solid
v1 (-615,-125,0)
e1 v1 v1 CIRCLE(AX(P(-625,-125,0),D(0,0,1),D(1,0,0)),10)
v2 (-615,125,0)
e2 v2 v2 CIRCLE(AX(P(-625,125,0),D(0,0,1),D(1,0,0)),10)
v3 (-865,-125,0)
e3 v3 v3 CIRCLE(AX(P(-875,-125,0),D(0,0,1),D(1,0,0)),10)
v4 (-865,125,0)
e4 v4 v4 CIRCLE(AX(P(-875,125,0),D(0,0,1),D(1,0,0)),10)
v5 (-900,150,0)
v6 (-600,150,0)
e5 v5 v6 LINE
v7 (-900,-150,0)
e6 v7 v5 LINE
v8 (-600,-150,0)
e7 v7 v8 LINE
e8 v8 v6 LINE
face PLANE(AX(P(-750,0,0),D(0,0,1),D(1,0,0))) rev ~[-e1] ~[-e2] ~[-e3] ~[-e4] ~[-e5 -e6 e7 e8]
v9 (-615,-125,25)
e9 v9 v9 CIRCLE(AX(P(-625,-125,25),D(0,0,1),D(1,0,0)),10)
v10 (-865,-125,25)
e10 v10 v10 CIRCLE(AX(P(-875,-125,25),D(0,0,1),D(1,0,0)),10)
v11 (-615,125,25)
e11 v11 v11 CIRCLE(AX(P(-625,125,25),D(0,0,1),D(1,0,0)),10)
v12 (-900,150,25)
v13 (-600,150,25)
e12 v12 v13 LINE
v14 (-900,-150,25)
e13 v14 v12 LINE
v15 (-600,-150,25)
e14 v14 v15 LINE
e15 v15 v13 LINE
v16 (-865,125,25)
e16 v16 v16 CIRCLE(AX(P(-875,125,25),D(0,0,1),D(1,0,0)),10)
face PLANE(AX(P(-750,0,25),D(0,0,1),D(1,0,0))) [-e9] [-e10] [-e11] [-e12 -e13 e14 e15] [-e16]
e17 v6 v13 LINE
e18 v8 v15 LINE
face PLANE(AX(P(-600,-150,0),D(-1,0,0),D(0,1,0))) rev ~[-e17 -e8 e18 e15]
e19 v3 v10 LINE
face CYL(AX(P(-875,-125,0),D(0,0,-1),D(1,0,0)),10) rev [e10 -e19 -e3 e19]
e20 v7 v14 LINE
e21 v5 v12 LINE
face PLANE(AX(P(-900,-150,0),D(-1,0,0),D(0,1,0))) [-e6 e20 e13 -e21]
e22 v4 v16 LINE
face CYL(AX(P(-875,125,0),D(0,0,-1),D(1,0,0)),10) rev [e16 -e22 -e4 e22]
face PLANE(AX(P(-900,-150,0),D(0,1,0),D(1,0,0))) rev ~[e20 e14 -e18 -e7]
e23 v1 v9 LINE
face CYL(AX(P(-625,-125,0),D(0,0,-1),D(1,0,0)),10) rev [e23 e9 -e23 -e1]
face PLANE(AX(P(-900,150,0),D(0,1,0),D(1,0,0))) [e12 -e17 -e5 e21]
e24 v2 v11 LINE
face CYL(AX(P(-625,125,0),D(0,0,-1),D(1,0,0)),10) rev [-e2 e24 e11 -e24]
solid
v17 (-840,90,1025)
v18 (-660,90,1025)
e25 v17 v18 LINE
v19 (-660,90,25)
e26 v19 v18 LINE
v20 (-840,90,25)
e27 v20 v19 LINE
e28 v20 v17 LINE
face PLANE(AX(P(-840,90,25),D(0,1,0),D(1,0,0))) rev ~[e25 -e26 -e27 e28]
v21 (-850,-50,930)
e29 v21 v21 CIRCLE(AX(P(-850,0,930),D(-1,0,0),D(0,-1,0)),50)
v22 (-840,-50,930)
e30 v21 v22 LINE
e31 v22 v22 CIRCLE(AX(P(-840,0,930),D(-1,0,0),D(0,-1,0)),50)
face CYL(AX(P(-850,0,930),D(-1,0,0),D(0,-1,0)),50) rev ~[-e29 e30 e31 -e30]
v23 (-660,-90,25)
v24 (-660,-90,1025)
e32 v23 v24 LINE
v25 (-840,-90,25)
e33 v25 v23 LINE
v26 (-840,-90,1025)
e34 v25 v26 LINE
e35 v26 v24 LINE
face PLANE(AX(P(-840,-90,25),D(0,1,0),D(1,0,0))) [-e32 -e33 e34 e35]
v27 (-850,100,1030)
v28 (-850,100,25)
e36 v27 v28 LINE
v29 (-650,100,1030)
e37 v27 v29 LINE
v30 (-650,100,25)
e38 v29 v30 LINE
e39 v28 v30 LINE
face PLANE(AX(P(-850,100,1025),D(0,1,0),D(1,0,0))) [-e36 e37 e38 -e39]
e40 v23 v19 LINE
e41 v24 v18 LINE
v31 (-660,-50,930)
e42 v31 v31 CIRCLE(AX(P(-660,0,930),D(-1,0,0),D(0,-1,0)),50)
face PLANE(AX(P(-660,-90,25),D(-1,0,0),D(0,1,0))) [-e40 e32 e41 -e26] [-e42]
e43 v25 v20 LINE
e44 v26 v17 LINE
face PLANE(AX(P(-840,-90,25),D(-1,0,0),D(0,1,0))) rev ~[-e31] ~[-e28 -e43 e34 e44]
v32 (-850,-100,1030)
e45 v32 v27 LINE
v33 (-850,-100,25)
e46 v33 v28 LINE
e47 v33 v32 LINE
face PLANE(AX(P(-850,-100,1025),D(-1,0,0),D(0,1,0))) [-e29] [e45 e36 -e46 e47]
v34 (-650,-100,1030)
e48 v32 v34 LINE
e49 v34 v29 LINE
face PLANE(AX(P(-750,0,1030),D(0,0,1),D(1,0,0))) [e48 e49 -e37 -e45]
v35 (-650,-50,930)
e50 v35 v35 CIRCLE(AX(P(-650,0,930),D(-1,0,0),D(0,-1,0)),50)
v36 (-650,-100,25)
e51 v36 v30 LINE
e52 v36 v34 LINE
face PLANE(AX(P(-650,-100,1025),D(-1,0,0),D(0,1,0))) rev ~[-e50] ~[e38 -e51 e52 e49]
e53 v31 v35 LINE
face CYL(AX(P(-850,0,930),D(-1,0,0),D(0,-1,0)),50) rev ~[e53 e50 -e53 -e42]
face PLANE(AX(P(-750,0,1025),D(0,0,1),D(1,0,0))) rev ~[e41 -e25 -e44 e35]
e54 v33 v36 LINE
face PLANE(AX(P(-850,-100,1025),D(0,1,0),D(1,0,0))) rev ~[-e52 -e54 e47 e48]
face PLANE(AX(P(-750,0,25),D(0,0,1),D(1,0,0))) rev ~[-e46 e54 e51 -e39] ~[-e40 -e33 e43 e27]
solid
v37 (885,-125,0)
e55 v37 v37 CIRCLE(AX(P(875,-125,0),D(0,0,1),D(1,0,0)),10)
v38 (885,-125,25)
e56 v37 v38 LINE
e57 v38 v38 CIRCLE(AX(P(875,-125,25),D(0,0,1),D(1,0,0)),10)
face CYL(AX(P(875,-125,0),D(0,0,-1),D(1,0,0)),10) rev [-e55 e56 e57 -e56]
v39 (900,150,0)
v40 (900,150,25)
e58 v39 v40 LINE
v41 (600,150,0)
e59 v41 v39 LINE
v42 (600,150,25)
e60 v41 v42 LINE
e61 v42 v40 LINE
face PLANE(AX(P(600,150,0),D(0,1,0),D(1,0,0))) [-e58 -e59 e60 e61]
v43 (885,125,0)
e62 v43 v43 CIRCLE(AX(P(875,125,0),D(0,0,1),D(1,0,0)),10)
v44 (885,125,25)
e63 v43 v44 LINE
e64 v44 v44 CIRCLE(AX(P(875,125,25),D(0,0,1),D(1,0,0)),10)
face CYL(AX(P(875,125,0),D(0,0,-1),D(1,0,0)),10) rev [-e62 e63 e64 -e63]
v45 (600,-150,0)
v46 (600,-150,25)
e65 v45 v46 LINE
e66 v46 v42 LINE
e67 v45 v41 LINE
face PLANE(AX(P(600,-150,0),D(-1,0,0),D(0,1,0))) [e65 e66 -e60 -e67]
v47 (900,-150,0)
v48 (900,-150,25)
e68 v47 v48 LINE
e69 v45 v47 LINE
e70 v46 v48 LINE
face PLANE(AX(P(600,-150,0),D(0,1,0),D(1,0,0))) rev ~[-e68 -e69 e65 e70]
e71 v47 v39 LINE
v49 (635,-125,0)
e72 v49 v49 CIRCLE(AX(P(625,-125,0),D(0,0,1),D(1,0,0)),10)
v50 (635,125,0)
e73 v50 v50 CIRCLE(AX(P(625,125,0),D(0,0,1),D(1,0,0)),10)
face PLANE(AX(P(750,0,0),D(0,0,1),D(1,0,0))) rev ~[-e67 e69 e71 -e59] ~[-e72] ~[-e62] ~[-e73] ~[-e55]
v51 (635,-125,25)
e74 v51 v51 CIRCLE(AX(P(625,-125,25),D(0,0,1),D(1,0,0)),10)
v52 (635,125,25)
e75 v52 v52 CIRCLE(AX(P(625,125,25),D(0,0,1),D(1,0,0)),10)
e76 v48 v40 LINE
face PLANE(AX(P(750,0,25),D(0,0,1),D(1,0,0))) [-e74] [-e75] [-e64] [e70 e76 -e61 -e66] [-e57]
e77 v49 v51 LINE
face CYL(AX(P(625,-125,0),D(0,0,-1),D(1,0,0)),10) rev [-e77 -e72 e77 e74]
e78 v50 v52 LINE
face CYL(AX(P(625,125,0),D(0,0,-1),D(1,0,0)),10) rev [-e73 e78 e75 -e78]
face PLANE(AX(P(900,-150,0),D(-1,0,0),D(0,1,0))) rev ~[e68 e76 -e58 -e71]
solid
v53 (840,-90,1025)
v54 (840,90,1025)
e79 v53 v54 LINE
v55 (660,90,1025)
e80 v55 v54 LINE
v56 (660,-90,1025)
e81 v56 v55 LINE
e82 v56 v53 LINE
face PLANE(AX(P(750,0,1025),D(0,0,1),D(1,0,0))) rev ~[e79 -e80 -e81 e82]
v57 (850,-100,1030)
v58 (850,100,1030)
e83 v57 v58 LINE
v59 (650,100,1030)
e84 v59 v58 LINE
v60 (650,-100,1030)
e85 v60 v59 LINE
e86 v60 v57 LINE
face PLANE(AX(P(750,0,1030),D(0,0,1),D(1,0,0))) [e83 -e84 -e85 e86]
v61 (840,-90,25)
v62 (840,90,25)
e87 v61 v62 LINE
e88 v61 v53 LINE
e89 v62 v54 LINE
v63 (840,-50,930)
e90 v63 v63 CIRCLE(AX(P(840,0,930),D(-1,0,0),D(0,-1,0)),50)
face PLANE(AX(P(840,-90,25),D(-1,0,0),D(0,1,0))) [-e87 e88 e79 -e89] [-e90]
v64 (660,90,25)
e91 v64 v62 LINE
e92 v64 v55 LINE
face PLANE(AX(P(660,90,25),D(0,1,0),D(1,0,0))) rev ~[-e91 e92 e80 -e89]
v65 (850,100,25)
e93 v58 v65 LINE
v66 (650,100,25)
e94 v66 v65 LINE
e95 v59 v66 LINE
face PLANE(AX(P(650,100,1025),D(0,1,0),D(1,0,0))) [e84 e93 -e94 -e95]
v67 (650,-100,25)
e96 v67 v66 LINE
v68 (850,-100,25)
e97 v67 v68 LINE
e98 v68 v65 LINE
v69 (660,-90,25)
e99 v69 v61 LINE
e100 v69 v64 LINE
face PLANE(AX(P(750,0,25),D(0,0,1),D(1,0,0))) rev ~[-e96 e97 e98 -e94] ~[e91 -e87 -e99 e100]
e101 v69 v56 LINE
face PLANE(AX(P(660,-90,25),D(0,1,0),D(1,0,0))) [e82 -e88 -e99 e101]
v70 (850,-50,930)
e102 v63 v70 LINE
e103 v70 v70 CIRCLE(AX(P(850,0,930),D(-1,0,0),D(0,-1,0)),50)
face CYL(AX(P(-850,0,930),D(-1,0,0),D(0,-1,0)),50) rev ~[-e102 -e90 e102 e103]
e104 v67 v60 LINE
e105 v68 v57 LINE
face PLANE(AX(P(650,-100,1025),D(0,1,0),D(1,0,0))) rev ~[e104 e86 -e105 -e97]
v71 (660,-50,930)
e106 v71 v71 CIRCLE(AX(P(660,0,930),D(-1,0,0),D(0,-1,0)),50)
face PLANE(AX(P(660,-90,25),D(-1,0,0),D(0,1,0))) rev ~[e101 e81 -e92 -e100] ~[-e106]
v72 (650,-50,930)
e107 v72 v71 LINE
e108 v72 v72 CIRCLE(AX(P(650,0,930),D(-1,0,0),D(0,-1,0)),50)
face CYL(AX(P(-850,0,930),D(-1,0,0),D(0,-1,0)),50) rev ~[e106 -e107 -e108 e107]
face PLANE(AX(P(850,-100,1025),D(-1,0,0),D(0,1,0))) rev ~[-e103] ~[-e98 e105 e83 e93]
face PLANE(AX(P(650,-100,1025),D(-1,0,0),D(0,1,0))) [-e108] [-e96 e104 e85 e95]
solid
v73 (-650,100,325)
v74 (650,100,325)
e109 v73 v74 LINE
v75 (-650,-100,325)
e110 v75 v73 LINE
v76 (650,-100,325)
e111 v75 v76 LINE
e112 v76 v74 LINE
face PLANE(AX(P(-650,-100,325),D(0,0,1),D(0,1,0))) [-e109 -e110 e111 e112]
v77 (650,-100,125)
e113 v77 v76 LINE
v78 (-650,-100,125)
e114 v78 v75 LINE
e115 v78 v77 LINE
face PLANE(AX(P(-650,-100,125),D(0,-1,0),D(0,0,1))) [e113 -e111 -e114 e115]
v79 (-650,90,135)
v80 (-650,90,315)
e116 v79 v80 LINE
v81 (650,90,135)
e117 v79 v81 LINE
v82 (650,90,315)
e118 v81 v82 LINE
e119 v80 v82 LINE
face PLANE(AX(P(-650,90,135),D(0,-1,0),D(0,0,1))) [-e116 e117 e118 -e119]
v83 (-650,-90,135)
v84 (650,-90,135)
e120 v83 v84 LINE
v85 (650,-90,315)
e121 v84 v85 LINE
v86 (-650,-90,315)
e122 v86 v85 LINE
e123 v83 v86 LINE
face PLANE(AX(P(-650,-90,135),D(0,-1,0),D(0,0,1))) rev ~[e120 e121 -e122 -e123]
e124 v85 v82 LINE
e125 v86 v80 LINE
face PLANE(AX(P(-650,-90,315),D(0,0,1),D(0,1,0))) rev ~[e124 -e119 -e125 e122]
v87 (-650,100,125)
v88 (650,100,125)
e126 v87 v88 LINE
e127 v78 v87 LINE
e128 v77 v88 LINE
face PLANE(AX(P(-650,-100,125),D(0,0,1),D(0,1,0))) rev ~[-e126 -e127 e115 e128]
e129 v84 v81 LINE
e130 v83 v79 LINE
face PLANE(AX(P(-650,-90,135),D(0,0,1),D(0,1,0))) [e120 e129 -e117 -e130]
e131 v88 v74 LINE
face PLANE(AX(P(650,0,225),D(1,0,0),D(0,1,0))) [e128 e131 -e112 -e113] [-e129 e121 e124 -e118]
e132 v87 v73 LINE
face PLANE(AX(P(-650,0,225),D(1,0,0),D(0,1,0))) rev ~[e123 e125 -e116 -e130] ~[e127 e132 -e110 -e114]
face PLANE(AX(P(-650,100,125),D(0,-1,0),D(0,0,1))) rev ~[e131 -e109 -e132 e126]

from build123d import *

# Parameters (mm, degrees)
F0_W      = 300
F0_H      = 300
F0_R      = 10
F1_DEPTH  = 25
F2_W      = 200
F2_H      = 200
F2_W_2    = 180
F2_H_2    = 180
F3_DEPTH  = 1000
F4_W      = 200
F4_H      = 200
F4_W_2    = 180
F4_H_2    = 180
F5_DEPTH  = 1300
F6_W      = 200
F6_H      = 200
F7_DEPTH  = 5
F8_W      = 200
F8_H      = 200
F9_DEPTH  = 5
F10_R     = 50
F11_DEPTH = 1750.001


with BuildPart() as f1:
    # F0 (on Top) → F1 (new body)
    with BuildSketch(Plane.XY):
        with Locations((-750, 0)):
            Rectangle(F0_W, F0_H)
        with Locations((-875, -125)):
            Circle(F0_R, mode=Mode.SUBTRACT)
        with Locations((-625, -125)):
            Circle(F0_R, mode=Mode.SUBTRACT)
        with Locations((-875, 125)):
            Circle(F0_R, mode=Mode.SUBTRACT)
        with Locations((-625, 125)):
            Circle(F0_R, mode=Mode.SUBTRACT)
    extrude(amount=F1_DEPTH)


with BuildPart() as f1b:
    # F0 (on Top) → F1, piece 2 (new body)
    with BuildSketch(Plane.XY):
        with Locations((750, 0)):
            Rectangle(F0_W, F0_H)
        with Locations((625, -125)):
            Circle(F0_R, mode=Mode.SUBTRACT)
        with Locations((875, -125)):
            Circle(F0_R, mode=Mode.SUBTRACT)
        with Locations((625, 125)):
            Circle(F0_R, mode=Mode.SUBTRACT)
        with Locations((875, 125)):
            Circle(F0_R, mode=Mode.SUBTRACT)
    extrude(amount=F1_DEPTH)


with BuildPart() as f3:
    # F2 (on face) → F3 (new body)
    with BuildSketch(Plane.XY.offset(25)):
        with Locations((-750, 0)):
            Rectangle(F2_W, F2_H)
        with Locations((-750, 0)):
            Rectangle(F2_W_2, F2_H_2, mode=Mode.SUBTRACT)
    extrude(amount=F3_DEPTH)

    # F6 (on face) → F7 (join)
    with BuildSketch(Plane.XY.offset(1025)):
        with Locations((-750, 0)):
            Rectangle(F6_W, F6_H)
    extrude(amount=F7_DEPTH)


with BuildPart() as f3b:
    # F2 (on face) → F3, piece 2 (new body)
    with BuildSketch(Plane.XY.offset(25)):
        with Locations((750, 0)):
            Rectangle(F2_W, F2_H)
        with Locations((750, 0)):
            Rectangle(F2_W_2, F2_H_2, mode=Mode.SUBTRACT)
    extrude(amount=F3_DEPTH)

    # F8 (on face) → F9 (join)
    with BuildSketch(Plane.XY.offset(1025)):
        with Locations((750, 0)):
            Rectangle(F8_W, F8_H)
    extrude(amount=F9_DEPTH)


with BuildPart() as f5:
    # F4 (on face) → F5 (new body, through all)
    with BuildSketch(Plane.YZ.offset(-650)):
        with Locations((0, 225)):
            Rectangle(F4_W, F4_H)
        with Locations((0, 225)):
            Rectangle(F4_W_2, F4_H_2, mode=Mode.SUBTRACT)
    extrude(amount=F5_DEPTH)


with BuildPart() as f11_tool:
    # F10 (on face) → F11 (new body, through all)
    with BuildSketch(Plane(origin=(-850, 0, 0), x_dir=(0, -1, 0), z_dir=(-1, 0, 0))):
        with Locations((0, 930)):
            Circle(F10_R)
    extrude(amount=-F11_DEPTH)


with BuildPart() as f3_1:
    add(f3.part)

    # F11: cut by f11_tool
    add(f11_tool.part, mode=Mode.SUBTRACT)


with BuildPart() as f3b_1:
    add(f3b.part)

    # F11: cut by f11_tool
    add(f11_tool.part, mode=Mode.SUBTRACT)


solid = Compound([f1.part, f1b.part, f5.part, f3_1.part, f3b_1.part])
